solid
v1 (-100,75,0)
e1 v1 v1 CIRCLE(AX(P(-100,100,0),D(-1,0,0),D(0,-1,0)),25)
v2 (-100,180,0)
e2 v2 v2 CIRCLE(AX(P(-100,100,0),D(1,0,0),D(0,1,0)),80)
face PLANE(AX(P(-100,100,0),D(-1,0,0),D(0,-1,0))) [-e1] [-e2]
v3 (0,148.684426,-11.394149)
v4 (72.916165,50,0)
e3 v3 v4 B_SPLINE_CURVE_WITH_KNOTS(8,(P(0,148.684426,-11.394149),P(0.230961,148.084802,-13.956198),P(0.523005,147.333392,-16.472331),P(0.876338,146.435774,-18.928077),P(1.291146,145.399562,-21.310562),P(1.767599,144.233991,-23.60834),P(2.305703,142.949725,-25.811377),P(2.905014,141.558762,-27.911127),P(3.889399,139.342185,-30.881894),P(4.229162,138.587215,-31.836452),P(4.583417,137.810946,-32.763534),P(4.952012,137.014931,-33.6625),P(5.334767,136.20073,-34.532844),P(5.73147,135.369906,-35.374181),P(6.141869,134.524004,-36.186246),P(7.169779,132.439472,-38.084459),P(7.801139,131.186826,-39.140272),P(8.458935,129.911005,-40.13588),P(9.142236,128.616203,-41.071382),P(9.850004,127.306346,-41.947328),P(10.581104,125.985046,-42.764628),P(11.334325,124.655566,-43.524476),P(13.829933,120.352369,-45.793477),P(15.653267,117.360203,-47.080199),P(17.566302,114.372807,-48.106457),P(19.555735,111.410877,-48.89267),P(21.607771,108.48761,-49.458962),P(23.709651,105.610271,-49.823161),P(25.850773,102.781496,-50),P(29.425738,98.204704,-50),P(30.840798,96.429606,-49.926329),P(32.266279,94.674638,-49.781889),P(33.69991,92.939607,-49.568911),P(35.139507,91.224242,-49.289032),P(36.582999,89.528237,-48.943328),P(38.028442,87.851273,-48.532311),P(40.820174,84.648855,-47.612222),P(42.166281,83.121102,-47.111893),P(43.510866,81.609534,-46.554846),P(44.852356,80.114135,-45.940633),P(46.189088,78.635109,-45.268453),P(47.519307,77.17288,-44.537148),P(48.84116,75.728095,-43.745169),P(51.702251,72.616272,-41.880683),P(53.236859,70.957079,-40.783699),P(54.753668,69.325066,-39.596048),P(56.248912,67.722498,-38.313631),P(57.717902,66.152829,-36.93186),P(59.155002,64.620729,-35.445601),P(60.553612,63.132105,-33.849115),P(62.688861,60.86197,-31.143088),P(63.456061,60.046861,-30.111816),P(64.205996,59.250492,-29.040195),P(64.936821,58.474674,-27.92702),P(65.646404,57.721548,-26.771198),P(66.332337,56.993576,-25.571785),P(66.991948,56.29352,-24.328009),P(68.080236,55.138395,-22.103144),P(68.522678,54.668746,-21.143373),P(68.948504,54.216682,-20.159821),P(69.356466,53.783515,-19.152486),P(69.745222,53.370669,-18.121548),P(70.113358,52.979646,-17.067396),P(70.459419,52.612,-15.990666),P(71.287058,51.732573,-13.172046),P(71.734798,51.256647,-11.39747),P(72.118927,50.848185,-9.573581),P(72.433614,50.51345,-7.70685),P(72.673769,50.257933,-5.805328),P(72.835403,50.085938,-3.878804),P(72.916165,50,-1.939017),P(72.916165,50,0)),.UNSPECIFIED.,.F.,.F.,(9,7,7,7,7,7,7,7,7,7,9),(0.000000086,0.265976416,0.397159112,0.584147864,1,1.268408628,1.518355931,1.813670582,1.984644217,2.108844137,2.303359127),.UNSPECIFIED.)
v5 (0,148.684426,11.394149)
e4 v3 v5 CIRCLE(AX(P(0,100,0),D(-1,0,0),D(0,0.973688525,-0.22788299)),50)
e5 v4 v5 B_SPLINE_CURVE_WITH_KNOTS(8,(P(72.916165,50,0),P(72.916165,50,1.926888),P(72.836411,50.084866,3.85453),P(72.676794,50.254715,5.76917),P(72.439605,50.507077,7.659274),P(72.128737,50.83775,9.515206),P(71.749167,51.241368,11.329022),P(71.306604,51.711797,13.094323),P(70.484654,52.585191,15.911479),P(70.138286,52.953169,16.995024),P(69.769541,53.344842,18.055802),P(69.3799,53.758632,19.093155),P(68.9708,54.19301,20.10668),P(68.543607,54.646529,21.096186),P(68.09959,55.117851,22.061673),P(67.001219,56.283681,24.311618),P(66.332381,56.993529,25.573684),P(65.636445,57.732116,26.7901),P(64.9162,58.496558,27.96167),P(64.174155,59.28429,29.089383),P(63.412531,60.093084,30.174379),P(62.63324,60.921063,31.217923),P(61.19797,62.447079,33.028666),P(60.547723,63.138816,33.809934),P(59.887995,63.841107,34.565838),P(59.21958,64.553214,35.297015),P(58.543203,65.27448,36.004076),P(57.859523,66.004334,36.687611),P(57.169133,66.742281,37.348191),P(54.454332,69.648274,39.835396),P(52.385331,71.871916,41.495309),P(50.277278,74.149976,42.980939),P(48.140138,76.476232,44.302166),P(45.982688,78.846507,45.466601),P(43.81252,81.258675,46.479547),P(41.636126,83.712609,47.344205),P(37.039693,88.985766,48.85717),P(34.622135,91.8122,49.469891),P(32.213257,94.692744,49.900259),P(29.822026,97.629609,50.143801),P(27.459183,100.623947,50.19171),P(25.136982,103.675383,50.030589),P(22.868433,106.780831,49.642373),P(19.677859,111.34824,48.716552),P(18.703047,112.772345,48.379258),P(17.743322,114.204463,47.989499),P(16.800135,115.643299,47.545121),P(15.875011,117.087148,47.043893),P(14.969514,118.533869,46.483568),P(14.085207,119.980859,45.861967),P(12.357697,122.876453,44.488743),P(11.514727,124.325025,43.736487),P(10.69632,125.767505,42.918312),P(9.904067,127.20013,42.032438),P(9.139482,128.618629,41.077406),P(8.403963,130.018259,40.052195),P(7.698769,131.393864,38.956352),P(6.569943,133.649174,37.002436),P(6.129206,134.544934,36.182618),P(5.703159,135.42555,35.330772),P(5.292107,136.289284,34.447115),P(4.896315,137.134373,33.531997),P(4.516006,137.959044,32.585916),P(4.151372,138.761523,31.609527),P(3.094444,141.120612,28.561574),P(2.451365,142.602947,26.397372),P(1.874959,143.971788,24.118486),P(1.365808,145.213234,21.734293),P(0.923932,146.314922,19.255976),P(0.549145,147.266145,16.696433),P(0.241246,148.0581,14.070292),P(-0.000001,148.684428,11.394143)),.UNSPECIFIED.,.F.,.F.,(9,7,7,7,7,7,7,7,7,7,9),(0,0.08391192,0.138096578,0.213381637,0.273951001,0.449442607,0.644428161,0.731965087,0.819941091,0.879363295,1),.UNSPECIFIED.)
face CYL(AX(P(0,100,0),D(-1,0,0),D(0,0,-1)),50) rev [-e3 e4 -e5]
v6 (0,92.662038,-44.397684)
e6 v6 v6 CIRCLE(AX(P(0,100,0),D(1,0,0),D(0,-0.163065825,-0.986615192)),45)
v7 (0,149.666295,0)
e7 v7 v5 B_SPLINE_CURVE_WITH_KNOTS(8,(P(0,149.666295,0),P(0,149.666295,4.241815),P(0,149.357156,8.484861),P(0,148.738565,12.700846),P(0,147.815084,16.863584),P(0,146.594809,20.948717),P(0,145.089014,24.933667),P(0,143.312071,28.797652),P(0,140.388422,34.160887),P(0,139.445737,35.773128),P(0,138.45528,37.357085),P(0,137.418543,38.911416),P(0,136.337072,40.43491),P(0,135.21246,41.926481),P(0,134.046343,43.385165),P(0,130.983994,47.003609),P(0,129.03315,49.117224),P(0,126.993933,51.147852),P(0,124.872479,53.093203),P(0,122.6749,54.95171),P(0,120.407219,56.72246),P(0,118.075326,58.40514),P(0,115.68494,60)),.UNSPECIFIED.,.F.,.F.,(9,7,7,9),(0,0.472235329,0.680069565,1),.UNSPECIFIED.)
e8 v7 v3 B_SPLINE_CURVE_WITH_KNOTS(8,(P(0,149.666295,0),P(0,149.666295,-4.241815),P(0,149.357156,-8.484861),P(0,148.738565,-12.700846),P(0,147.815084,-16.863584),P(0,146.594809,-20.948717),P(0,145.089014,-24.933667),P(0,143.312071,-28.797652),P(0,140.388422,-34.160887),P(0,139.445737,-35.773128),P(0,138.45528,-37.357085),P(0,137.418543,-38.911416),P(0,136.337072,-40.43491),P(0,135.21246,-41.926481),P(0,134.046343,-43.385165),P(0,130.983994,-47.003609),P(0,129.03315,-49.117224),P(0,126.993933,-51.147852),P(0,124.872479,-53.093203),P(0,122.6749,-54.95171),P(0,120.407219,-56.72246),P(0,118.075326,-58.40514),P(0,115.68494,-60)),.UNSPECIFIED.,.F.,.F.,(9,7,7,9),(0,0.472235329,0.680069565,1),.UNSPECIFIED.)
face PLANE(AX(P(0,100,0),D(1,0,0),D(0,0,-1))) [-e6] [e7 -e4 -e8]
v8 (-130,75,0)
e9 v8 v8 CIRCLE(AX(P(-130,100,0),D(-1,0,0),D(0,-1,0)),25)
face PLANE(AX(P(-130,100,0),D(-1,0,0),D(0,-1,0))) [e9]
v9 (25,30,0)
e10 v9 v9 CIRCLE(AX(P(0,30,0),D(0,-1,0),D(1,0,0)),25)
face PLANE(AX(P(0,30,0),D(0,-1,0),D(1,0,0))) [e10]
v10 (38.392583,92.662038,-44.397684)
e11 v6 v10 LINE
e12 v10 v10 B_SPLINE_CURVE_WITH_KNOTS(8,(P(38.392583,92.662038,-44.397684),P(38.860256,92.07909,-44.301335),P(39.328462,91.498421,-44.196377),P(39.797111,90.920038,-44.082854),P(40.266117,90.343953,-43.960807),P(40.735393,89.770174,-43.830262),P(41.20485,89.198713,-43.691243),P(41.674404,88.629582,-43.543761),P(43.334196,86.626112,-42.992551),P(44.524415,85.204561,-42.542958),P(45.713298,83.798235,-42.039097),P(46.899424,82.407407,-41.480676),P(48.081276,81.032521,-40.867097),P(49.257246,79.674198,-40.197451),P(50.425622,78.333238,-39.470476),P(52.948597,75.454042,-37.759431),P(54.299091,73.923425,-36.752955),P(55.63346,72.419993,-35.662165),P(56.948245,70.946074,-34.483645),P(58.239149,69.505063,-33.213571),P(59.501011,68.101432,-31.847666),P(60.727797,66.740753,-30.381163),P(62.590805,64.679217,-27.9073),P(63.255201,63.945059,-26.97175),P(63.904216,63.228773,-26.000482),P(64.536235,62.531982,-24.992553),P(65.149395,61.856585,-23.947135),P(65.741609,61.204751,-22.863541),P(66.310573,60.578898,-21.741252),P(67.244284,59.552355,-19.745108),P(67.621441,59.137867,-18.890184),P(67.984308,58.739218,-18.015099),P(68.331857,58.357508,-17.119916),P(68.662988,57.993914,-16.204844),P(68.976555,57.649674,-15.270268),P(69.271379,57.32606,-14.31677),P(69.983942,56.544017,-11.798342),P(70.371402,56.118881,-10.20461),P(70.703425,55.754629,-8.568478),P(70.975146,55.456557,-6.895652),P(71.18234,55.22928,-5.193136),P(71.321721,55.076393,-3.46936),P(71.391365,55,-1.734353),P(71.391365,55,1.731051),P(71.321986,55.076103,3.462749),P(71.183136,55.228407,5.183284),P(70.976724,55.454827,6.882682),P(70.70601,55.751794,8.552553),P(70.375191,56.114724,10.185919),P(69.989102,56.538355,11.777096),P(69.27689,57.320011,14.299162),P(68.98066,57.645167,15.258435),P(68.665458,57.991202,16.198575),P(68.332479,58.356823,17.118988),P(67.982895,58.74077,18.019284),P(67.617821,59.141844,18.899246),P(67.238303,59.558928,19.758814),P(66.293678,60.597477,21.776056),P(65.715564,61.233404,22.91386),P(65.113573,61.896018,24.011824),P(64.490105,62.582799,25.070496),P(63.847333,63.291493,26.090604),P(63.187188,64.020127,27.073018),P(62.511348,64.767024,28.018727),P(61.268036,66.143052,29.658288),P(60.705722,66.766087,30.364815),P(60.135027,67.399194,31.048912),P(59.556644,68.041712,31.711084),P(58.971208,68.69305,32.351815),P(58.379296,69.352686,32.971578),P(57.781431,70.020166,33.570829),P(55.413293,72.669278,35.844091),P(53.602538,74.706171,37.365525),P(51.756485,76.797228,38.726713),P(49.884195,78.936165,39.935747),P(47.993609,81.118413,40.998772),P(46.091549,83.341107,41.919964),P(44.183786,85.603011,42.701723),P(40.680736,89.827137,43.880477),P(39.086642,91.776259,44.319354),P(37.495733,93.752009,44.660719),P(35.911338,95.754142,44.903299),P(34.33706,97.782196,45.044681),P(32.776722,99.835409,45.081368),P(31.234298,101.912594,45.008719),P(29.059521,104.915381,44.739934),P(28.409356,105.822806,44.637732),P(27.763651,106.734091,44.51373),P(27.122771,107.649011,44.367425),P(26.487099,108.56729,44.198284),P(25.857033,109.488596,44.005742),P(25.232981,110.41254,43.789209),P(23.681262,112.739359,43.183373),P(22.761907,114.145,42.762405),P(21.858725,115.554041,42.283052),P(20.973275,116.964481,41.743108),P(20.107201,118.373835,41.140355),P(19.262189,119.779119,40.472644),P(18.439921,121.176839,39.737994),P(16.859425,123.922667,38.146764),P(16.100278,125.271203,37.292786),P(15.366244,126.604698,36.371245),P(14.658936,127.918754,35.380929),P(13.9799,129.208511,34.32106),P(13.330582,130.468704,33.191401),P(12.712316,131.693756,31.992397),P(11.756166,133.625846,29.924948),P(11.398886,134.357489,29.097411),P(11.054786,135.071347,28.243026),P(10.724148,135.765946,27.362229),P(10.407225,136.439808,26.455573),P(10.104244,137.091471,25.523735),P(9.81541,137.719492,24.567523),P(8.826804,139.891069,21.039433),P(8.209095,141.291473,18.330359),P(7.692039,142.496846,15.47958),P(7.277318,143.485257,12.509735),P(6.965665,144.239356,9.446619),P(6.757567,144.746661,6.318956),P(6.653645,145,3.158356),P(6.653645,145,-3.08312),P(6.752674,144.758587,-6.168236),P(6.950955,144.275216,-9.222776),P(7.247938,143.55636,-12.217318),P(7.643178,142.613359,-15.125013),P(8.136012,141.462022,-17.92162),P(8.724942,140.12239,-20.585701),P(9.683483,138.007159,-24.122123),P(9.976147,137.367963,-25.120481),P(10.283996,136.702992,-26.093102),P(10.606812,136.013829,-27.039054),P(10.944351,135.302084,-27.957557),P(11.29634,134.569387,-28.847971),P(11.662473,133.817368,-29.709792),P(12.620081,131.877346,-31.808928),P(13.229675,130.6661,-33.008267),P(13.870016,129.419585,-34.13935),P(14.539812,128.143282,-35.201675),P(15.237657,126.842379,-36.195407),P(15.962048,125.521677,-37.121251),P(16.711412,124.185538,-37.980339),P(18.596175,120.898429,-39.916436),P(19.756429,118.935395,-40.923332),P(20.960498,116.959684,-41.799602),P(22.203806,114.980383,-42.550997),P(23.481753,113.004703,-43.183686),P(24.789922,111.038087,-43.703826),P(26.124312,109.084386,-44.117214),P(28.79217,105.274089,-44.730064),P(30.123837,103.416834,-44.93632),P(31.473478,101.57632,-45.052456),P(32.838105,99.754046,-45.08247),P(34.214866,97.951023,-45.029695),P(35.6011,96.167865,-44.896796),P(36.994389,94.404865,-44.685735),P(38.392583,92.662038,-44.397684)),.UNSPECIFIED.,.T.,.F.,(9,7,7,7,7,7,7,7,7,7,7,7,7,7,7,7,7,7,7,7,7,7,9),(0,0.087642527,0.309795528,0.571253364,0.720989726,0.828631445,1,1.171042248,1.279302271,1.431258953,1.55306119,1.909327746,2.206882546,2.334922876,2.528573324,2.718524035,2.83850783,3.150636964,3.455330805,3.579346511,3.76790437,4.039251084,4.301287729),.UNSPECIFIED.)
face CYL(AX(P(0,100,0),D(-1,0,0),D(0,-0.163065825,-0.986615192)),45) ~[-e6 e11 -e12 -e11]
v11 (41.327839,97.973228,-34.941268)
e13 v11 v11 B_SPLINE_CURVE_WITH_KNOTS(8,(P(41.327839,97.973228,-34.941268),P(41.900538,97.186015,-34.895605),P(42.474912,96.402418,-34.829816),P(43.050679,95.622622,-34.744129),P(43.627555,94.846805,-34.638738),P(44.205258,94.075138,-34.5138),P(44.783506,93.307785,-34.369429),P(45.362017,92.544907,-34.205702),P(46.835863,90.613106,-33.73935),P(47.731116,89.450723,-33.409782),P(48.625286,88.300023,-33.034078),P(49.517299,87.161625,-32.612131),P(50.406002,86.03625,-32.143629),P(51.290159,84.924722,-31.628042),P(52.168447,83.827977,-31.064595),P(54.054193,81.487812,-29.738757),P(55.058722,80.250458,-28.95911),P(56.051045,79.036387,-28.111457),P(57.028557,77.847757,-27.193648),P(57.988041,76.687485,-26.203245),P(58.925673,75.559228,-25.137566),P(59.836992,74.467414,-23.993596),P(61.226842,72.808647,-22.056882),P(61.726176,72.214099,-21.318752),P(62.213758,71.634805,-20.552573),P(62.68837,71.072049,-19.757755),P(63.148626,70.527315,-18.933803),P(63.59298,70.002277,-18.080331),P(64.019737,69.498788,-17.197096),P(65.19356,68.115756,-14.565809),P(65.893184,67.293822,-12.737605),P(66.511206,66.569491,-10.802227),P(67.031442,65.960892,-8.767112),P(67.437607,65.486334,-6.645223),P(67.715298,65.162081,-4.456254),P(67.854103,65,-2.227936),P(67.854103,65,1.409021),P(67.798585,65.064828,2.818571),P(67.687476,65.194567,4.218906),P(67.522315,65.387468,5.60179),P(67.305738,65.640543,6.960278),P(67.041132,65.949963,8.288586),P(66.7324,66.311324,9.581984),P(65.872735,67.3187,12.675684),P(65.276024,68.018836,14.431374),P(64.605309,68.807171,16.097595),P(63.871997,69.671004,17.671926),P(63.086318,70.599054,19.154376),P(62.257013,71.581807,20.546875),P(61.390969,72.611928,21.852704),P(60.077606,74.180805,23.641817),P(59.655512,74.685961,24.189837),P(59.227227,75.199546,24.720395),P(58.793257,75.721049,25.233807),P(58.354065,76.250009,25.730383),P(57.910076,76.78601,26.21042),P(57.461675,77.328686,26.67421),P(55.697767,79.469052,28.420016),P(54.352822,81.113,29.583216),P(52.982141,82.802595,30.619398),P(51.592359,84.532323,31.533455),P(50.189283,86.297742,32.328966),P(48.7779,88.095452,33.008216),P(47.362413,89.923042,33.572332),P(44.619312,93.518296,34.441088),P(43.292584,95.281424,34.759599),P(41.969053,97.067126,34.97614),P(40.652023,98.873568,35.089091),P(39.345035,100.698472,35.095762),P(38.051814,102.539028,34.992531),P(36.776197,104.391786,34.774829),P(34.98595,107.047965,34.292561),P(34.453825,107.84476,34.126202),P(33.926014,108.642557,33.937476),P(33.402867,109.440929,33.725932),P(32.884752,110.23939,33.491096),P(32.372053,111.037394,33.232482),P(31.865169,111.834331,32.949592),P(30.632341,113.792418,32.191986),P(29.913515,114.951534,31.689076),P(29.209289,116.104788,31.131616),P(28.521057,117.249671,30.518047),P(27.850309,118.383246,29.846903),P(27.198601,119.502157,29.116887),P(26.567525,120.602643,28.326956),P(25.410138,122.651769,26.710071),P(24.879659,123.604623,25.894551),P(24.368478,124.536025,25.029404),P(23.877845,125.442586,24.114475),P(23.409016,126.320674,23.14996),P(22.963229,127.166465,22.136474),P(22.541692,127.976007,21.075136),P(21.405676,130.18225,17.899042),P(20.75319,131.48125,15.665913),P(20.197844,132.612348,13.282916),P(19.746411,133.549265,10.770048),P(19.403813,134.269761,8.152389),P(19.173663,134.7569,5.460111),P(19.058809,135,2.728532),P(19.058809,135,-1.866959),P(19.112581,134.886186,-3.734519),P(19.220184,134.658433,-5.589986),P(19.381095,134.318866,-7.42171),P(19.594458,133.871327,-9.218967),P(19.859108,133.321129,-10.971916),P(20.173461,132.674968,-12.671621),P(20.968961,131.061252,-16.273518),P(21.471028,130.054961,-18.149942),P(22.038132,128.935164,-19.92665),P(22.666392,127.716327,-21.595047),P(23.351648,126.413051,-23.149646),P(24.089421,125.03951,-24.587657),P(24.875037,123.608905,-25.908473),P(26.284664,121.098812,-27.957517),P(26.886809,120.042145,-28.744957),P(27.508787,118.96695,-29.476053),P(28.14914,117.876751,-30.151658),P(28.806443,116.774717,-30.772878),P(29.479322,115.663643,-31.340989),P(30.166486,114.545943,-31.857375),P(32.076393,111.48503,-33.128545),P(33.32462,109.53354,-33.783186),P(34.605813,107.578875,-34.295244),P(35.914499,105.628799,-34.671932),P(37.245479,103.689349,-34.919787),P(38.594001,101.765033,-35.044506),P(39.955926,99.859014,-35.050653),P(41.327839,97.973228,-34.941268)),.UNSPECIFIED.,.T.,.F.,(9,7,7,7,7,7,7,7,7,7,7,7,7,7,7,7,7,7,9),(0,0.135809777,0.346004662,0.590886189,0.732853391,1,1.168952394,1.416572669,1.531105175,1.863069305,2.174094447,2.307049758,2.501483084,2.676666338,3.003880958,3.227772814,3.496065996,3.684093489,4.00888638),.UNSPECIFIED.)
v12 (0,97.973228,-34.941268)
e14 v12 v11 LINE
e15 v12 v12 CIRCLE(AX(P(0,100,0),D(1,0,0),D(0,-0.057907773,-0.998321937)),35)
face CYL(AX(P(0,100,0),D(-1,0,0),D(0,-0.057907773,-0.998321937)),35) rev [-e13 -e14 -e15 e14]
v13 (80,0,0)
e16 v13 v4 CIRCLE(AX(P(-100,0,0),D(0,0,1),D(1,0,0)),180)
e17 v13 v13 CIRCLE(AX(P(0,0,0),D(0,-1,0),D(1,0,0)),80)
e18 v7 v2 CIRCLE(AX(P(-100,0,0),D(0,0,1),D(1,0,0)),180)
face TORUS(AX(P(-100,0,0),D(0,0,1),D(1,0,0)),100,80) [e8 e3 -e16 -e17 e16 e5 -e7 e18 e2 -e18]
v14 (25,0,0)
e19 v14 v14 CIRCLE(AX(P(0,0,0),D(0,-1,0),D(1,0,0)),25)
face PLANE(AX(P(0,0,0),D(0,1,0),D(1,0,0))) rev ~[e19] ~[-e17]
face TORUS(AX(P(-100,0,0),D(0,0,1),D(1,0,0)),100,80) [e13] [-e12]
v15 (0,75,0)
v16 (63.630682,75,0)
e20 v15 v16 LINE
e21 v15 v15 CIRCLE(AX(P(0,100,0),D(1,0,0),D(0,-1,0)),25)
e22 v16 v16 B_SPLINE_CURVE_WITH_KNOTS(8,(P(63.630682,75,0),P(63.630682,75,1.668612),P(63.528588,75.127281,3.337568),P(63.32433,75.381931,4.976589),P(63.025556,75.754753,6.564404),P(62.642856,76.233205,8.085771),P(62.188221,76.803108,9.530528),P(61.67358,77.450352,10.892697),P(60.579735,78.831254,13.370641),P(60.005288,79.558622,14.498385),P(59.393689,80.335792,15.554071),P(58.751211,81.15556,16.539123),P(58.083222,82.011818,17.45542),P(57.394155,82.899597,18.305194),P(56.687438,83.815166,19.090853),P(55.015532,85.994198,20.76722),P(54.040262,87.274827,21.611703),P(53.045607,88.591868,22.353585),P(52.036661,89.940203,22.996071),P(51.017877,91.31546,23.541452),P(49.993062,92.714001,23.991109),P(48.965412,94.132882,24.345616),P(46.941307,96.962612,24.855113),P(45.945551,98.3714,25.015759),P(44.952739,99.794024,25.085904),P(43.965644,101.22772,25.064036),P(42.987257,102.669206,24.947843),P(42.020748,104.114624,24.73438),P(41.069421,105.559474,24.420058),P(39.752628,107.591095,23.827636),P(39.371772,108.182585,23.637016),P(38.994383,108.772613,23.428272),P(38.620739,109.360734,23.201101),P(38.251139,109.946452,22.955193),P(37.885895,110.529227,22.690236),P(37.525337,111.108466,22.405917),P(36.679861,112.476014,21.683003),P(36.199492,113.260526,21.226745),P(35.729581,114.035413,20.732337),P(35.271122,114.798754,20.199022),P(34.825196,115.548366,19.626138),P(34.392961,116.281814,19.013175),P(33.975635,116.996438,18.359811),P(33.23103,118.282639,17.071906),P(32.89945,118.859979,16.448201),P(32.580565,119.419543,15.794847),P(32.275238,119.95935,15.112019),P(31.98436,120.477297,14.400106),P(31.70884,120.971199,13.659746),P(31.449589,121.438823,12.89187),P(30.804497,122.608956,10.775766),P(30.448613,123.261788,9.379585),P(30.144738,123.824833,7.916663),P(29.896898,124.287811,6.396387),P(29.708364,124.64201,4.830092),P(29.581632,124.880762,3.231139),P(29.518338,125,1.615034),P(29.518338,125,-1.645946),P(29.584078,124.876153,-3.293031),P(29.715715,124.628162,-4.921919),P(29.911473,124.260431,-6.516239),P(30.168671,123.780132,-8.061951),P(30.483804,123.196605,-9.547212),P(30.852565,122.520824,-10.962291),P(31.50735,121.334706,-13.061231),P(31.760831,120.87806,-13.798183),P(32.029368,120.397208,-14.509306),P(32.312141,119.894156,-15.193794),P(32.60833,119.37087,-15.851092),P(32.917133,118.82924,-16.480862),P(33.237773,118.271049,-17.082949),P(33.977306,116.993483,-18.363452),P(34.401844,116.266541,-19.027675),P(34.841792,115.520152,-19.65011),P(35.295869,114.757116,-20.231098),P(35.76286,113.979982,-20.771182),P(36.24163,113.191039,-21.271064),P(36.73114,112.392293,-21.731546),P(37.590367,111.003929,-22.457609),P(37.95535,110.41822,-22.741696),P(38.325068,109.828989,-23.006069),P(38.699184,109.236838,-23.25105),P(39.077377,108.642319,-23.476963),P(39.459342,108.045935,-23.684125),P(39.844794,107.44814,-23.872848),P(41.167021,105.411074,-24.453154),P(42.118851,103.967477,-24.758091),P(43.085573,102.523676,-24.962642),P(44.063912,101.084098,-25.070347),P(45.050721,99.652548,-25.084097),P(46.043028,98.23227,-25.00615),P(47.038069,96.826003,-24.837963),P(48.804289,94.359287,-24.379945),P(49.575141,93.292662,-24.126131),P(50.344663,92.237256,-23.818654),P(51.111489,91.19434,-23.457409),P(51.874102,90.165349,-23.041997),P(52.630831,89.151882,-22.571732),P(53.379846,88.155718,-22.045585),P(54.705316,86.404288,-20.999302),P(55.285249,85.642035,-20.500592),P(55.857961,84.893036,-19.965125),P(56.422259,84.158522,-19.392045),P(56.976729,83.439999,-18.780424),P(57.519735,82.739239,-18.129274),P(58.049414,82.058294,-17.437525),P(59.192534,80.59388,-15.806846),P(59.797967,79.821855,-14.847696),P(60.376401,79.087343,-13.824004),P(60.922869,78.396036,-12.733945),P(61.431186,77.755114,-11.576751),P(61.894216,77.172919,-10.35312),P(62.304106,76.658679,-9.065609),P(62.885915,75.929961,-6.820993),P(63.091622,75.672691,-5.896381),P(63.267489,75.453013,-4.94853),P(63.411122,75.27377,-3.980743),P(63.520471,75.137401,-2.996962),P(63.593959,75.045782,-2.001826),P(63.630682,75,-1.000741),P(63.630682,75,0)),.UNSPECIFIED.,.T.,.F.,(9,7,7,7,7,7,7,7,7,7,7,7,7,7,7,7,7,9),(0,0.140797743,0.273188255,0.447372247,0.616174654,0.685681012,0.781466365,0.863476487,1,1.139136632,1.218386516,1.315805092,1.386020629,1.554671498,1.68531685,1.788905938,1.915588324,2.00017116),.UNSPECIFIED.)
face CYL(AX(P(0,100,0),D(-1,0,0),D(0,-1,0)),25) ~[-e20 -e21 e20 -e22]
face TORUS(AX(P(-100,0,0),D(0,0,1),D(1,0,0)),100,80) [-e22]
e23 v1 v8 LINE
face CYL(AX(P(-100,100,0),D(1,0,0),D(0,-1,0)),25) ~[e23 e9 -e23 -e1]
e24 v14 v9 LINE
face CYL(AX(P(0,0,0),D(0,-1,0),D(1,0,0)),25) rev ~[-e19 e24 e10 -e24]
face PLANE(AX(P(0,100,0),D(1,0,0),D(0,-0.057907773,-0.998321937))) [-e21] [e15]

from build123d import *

# Parameters (mm, degrees)
SWEEP2_PROFILE_R    = 80
SKETCH11_R          = 25
CUT_EXTRUDE1_DEPTH  = 30
SKETCH12_R          = 25
BOSS_EXTRUDE1_DEPTH = 30
SKETCH13_R          = 50
SKETCH13_R_2        = 45
SKETCH13_R_3        = 35
SKETCH13_R_4        = 25
CUT_EXTRUDE2_DEPTH  = 237.008474534


with BuildPart() as part:
    # Sweep2: sweep along a path in Sketch1
    with BuildLine(Plane.XY) as sweep2_path:
        ThreePointArc((0, 0), (-29.289321881, 70.710678119), (-100, 100))
    # Sweep2 profile (on start of the path) → Sweep2 (sweep)
    with BuildSketch(Plane(origin=(0, 0, 0), x_dir=(1, 0, 0), z_dir=(0, 1, 0))):
        Circle(SWEEP2_PROFILE_R)
    sweep(path=sweep2_path.line)

    # Sketch11 → Cut-Extrude1 (cut)
    with BuildSketch(Plane.XZ):
        Circle(SKETCH11_R)
    extrude(amount=-CUT_EXTRUDE1_DEPTH, mode=Mode.SUBTRACT)

    # Sketch12 → Boss-Extrude1 (add)
    with BuildSketch(Plane.ZY.offset(100)):
        with Locations(Location((0, 100, 0), (0, 0, 270))):
            Circle(SKETCH12_R)
    extrude(amount=BOSS_EXTRUDE1_DEPTH)

    # Sketch13 → Cut-Extrude2 (cut, through all)
    # profile 1 of 2: a face of its own
    with BuildSketch(Plane(origin=(0, 0, 0), x_dir=(0, 0, -1), z_dir=(1, 0, 0))):
        with Locations((0, 100)):
            Circle(SKETCH13_R)
        with Locations(Location((0, 100, 0), (0, 0, 350.615107279))):
            Circle(SKETCH13_R_2, mode=Mode.SUBTRACT)
    # profile 2 of 2: a face of its own
    with BuildSketch(Plane(origin=(0, 0, 0), x_dir=(0, 0, -1), z_dir=(1, 0, 0))):
        with Locations(Location((0, 100, 0), (0, 0, 356.680271872))):
            Circle(SKETCH13_R_3)
        with Locations(Location((0, 100, 0), (0, 0, 270))):
            Circle(SKETCH13_R_4, mode=Mode.SUBTRACT)
    extrude(amount=CUT_EXTRUDE2_DEPTH, mode=Mode.SUBTRACT)


solid = part.part
